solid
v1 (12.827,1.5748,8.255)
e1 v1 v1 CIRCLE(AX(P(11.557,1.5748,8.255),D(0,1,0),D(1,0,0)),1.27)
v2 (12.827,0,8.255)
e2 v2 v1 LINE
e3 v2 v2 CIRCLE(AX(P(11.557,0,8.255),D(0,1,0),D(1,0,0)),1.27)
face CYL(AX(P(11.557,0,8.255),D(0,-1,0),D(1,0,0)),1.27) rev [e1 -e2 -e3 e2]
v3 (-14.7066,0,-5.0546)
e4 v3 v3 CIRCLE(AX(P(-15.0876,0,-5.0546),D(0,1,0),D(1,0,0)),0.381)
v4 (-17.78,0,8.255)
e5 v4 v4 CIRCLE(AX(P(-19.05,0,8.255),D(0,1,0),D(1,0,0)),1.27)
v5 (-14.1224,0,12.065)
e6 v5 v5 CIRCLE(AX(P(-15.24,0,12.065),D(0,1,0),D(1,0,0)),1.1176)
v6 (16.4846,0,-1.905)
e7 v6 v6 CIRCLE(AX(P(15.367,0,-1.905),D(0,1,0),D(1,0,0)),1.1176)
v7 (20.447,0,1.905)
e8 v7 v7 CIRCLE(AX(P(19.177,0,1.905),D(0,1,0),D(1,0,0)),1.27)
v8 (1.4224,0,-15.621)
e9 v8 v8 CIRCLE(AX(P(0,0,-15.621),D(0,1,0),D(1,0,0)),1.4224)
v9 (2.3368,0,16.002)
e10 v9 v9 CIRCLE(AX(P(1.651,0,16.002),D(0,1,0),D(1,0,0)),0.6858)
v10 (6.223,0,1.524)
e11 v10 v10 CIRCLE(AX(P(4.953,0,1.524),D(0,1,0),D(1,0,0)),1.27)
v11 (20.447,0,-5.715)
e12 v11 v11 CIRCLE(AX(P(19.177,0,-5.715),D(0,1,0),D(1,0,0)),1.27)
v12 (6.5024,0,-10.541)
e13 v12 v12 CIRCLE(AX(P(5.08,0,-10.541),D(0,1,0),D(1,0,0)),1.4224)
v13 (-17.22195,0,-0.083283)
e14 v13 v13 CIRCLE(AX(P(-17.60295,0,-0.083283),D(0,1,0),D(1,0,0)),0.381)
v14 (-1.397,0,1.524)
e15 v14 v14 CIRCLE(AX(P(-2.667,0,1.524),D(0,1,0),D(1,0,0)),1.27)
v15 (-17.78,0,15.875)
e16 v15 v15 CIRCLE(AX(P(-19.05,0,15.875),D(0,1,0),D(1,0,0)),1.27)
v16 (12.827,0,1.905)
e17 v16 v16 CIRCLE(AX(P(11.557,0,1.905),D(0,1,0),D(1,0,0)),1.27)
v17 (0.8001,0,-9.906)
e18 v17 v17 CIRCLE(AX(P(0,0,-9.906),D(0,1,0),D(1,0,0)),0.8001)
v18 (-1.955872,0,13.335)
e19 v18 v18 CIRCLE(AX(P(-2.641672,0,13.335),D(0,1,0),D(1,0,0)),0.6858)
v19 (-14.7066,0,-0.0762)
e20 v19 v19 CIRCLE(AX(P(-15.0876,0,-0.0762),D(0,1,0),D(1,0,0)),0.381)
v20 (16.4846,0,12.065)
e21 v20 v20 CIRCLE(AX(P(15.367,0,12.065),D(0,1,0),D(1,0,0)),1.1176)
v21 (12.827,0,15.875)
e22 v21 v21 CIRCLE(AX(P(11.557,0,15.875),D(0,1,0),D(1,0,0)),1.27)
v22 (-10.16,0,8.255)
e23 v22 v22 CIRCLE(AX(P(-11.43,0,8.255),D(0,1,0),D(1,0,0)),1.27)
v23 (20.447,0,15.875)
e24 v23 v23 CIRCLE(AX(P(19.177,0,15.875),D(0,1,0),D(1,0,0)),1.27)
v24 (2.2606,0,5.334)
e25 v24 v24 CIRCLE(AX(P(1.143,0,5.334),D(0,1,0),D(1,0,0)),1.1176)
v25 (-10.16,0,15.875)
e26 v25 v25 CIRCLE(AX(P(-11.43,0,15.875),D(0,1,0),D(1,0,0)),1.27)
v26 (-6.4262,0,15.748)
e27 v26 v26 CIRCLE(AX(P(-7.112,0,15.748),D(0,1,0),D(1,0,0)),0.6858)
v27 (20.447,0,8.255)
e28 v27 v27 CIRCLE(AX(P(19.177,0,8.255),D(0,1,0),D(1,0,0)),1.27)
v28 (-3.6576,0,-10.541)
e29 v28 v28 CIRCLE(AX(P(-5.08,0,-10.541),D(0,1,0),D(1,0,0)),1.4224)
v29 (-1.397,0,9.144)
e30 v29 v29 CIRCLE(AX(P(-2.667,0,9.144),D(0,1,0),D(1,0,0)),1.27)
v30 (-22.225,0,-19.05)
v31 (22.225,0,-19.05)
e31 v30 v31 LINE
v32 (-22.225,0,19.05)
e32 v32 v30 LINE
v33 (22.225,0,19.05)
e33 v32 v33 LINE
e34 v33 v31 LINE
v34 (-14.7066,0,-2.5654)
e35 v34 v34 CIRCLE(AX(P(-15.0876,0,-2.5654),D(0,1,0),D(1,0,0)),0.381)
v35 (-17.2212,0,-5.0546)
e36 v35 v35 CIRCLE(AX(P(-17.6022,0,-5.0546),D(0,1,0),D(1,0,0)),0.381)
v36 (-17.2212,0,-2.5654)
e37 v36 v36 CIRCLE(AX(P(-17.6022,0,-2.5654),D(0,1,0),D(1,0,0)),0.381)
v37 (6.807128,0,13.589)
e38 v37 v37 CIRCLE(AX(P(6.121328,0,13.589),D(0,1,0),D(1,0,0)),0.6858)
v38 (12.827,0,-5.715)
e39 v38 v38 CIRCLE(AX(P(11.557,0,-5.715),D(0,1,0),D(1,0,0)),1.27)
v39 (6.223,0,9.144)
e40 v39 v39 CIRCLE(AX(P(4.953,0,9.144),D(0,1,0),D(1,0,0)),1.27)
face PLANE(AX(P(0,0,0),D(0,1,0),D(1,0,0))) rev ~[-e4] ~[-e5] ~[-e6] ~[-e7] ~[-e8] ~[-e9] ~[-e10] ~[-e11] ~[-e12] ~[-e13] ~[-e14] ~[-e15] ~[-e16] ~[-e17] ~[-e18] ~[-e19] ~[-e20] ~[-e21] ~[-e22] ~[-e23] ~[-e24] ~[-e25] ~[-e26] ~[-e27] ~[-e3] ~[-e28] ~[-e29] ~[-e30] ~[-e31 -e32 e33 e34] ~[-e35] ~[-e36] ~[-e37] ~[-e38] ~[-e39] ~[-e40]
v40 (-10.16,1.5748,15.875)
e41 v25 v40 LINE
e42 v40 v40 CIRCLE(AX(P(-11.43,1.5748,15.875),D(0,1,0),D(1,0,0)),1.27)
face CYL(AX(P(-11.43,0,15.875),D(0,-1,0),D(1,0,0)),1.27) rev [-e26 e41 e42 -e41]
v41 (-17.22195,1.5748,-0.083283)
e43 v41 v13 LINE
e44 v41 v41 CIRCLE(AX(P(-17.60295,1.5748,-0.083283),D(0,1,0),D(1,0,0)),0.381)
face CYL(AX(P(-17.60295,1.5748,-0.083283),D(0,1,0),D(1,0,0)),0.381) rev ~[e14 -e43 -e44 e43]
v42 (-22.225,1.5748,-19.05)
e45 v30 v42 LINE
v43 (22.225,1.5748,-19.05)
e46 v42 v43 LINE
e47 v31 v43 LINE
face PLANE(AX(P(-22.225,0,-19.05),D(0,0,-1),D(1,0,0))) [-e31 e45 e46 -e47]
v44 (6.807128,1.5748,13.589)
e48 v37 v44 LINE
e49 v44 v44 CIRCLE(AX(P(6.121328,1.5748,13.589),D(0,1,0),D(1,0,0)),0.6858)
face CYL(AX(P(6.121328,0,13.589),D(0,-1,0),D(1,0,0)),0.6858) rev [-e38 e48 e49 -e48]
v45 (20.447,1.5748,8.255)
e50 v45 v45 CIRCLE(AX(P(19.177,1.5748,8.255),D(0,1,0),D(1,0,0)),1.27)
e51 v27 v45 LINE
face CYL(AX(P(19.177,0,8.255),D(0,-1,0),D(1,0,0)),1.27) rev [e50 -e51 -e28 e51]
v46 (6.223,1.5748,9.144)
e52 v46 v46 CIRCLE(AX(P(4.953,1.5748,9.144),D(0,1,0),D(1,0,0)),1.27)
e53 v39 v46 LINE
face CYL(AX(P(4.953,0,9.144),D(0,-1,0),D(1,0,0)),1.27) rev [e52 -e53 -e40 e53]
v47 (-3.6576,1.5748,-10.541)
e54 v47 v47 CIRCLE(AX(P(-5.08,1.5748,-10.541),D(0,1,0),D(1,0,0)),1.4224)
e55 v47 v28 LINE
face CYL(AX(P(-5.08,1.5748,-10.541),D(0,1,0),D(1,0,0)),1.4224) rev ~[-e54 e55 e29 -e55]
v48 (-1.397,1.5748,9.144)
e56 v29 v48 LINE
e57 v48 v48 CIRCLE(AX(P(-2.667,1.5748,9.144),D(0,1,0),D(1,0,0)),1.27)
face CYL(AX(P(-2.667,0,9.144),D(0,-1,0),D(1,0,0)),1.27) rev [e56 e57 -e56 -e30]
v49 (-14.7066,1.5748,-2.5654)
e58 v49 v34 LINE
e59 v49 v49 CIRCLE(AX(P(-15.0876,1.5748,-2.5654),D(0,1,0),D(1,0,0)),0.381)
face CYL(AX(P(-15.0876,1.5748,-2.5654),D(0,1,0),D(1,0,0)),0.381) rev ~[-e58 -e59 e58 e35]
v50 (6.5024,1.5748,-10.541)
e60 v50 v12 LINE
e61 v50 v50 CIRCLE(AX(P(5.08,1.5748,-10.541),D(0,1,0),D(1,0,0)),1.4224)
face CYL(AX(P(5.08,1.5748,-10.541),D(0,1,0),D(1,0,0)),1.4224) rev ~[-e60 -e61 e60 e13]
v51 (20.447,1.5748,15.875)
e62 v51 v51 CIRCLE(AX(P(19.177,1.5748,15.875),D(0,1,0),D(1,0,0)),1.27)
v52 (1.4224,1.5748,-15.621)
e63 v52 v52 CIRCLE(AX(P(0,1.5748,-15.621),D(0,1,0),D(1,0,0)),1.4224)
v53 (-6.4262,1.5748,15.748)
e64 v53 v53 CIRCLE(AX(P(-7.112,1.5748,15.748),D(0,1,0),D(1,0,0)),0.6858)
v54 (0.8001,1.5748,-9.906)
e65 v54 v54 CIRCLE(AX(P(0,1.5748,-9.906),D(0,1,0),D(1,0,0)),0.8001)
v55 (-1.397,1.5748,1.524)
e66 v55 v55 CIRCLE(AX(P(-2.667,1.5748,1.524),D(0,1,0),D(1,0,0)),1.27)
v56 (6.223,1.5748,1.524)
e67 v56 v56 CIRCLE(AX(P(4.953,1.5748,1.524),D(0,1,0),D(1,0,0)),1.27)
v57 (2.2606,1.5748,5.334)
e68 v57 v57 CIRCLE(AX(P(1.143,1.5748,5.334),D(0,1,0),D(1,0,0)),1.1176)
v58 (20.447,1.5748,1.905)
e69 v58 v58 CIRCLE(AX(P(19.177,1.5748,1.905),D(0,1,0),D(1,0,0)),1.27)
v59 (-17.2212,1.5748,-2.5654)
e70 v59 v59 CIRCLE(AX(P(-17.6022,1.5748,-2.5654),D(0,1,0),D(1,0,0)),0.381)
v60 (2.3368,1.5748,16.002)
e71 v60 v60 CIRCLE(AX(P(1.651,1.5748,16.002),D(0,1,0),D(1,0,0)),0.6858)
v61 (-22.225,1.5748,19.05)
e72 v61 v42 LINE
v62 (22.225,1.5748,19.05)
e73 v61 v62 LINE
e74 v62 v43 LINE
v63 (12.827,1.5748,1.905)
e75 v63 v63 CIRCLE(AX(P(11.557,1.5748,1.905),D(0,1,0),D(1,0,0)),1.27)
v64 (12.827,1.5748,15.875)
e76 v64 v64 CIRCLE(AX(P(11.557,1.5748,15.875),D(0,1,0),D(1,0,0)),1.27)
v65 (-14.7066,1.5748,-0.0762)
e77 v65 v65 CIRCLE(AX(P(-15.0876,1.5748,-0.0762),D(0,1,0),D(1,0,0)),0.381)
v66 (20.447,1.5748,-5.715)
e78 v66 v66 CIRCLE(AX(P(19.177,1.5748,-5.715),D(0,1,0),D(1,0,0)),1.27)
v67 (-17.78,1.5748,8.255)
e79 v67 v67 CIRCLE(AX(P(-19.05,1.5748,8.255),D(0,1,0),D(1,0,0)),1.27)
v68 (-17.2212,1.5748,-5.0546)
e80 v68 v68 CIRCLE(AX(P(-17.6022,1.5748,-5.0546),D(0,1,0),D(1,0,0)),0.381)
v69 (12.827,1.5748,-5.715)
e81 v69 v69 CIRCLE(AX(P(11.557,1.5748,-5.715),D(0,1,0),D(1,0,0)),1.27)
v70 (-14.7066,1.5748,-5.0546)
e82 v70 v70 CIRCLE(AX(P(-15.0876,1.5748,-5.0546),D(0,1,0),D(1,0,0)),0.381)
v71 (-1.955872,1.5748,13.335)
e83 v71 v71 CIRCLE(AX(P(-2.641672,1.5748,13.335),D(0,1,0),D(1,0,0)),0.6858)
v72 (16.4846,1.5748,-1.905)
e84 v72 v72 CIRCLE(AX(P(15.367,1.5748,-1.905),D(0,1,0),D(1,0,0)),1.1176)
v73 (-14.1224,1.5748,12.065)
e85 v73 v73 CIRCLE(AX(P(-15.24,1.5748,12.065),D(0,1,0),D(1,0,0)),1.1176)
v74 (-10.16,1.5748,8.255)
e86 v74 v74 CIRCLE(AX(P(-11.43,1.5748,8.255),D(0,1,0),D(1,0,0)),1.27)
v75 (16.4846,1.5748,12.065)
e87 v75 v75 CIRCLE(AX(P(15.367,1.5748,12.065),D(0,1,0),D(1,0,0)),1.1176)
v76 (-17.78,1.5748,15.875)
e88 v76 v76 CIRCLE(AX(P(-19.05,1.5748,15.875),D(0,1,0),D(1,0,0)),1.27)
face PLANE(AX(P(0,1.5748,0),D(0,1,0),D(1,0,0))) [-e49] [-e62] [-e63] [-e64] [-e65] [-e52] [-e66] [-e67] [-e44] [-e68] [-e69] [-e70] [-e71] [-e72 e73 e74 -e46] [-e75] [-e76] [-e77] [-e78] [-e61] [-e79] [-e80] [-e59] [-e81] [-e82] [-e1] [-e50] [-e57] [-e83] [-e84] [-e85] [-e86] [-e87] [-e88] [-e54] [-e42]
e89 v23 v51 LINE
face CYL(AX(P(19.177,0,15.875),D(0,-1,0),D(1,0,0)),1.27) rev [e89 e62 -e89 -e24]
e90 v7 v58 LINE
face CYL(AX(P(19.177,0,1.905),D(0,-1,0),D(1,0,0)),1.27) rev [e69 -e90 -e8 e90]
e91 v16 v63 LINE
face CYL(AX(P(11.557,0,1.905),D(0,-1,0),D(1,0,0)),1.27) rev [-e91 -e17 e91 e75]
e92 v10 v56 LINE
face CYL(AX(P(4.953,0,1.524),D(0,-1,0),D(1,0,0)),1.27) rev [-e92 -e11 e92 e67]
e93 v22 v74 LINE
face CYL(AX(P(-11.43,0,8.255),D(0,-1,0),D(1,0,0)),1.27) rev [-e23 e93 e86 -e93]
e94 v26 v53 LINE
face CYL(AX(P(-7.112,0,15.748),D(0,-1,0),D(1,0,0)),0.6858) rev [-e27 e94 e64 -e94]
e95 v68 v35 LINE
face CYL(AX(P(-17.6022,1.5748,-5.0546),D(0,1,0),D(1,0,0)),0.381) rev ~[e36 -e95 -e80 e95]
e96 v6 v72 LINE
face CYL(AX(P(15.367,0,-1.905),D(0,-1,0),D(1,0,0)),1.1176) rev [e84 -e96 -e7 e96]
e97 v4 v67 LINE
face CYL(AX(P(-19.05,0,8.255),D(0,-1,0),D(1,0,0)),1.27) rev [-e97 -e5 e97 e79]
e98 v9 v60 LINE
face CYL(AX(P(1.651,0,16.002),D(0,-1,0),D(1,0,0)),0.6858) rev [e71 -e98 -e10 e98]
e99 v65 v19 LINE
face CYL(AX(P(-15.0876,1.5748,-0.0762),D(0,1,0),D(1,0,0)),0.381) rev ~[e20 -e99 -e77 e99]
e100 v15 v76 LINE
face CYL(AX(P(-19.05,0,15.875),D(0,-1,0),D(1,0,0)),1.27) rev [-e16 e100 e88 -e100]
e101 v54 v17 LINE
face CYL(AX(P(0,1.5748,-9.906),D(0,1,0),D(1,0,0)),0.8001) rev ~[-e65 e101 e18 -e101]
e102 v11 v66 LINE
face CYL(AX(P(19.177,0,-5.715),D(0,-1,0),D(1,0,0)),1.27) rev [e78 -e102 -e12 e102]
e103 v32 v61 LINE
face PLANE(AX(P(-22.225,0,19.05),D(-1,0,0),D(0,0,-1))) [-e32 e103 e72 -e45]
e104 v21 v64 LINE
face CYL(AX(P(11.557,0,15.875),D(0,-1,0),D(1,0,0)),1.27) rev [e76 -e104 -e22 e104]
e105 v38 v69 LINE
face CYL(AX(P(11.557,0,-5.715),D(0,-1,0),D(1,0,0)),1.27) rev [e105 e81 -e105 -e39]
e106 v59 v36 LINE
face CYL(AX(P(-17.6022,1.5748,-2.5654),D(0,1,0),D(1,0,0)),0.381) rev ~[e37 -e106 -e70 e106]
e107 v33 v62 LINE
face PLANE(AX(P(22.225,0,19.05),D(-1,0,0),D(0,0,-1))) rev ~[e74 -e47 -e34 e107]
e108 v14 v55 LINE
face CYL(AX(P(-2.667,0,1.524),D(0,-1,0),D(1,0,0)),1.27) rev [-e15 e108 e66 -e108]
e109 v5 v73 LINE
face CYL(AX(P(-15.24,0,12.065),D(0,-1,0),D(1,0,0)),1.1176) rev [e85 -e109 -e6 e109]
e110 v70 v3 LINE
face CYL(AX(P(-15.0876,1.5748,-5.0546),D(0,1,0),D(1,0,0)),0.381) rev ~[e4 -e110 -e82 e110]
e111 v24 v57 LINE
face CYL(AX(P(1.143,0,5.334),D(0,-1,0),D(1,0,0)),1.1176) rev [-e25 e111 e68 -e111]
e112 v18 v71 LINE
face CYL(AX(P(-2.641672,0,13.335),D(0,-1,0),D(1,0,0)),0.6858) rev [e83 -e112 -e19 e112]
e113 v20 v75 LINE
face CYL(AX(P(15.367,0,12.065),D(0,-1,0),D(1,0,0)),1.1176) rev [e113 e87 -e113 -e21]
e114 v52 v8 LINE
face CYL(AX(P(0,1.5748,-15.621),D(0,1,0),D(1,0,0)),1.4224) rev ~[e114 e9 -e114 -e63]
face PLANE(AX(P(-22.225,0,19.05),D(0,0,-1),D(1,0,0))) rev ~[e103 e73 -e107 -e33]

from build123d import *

# Parameters (mm, degrees)
SKETCH1_W                      = 44.45
SKETCH1_H                      = 38.1
SKETCH1_R                      = 1.1176
SKETCH1_R_2                    = 0.6858
SKETCH1_R_3                    = 1.27
BOSS_EXTRUDE1_DEPTH            = 1.5748
SKETCH2_R                      = 0.8001
SKETCH2_R_2                    = 0.381
SKETCH2_R_3                    = 1.4224
SWITCH_AND_R_A_CONNECTOR_DEPTH = 1.5748


with BuildPart() as part:
    # Sketch1 → Boss-Extrude1 (new body)
    with BuildSketch(Plane(origin=(0, 0, 0), x_dir=(1, 0, 0), z_dir=(0, 1, 0))):
        Rectangle(SKETCH1_W, SKETCH1_H)
        with Locations((-15.24, -12.065)):
            Circle(SKETCH1_R, mode=Mode.SUBTRACT)
        with Locations((1.651, -16.002)):
            Circle(SKETCH1_R_2, mode=Mode.SUBTRACT)
        with Locations((-7.112, -15.748)):
            Circle(SKETCH1_R_2, mode=Mode.SUBTRACT)
        with Locations((-11.43, -8.255)):
            Circle(SKETCH1_R_3, mode=Mode.SUBTRACT)
        with Locations((-11.43, -15.875)):
            Circle(SKETCH1_R_3, mode=Mode.SUBTRACT)
        with Locations((-19.05, -15.875)):
            Circle(SKETCH1_R_3, mode=Mode.SUBTRACT)
        with Locations((-19.05, -8.255)):
            Circle(SKETCH1_R_3, mode=Mode.SUBTRACT)
        with Locations((15.367, -12.065)):
            Circle(SKETCH1_R, mode=Mode.SUBTRACT)
        with Locations((19.177, -15.875)):
            Circle(SKETCH1_R_3, mode=Mode.SUBTRACT)
        with Locations((19.177, -8.255)):
            Circle(SKETCH1_R_3, mode=Mode.SUBTRACT)
        with Locations((11.557, -8.255)):
            Circle(SKETCH1_R_3, mode=Mode.SUBTRACT)
        with Locations((11.557, -15.875)):
            Circle(SKETCH1_R_3, mode=Mode.SUBTRACT)
        with Locations((1.143, -5.334)):
            Circle(SKETCH1_R, mode=Mode.SUBTRACT)
        with Locations((4.953, -9.144)):
            Circle(SKETCH1_R_3, mode=Mode.SUBTRACT)
        with Locations((4.953, -1.524)):
            Circle(SKETCH1_R_3, mode=Mode.SUBTRACT)
        with Locations((-2.667, -1.524)):
            Circle(SKETCH1_R_3, mode=Mode.SUBTRACT)
        with Locations((-2.667, -9.144)):
            Circle(SKETCH1_R_3, mode=Mode.SUBTRACT)
        with Locations((-2.64167216, -13.335)):
            Circle(SKETCH1_R_2, mode=Mode.SUBTRACT)
        with Locations((15.367, 1.905)):
            Circle(SKETCH1_R, mode=Mode.SUBTRACT)
        with Locations((11.557, -1.905)):
            Circle(SKETCH1_R_3, mode=Mode.SUBTRACT)
        with Locations((19.177, -1.905)):
            Circle(SKETCH1_R_3, mode=Mode.SUBTRACT)
        with Locations((19.177, 5.715)):
            Circle(SKETCH1_R_3, mode=Mode.SUBTRACT)
        with Locations((11.557, 5.715)):
            Circle(SKETCH1_R_3, mode=Mode.SUBTRACT)
        with Locations((6.12132784, -13.589)):
            Circle(SKETCH1_R_2, mode=Mode.SUBTRACT)
    extrude(amount=BOSS_EXTRUDE1_DEPTH)

    # Sketch2 → Switch and R A connector (cut)
    with BuildSketch(Plane(origin=(0, 1.5748, 0), x_dir=(1, 0, 0), z_dir=(0, 1, 0))):
        with Locations((0, 9.906)):
            Circle(SKETCH2_R)
        with Locations((-17.6022, 5.0546)):
            Circle(SKETCH2_R_2)
        with Locations((-17.6022, 2.5654)):
            Circle(SKETCH2_R_2)
        with Locations((-17.60295026, 0.083282904)):
            Circle(SKETCH2_R_2)
        with Locations((-15.0876, 5.0546)):
            Circle(SKETCH2_R_2)
        with Locations((-15.0876, 2.5654)):
            Circle(SKETCH2_R_2)
        with Locations((-15.0876, 0.0762)):
            Circle(SKETCH2_R_2)
        with Locations((-5.08, 10.541)):
            Circle(SKETCH2_R_3)
        with Locations((5.08, 10.541)):
            Circle(SKETCH2_R_3)
        with Locations((0, 15.621)):
            Circle(SKETCH2_R_3)
    extrude(amount=-SWITCH_AND_R_A_CONNECTOR_DEPTH, mode=Mode.SUBTRACT)


solid = part.part
